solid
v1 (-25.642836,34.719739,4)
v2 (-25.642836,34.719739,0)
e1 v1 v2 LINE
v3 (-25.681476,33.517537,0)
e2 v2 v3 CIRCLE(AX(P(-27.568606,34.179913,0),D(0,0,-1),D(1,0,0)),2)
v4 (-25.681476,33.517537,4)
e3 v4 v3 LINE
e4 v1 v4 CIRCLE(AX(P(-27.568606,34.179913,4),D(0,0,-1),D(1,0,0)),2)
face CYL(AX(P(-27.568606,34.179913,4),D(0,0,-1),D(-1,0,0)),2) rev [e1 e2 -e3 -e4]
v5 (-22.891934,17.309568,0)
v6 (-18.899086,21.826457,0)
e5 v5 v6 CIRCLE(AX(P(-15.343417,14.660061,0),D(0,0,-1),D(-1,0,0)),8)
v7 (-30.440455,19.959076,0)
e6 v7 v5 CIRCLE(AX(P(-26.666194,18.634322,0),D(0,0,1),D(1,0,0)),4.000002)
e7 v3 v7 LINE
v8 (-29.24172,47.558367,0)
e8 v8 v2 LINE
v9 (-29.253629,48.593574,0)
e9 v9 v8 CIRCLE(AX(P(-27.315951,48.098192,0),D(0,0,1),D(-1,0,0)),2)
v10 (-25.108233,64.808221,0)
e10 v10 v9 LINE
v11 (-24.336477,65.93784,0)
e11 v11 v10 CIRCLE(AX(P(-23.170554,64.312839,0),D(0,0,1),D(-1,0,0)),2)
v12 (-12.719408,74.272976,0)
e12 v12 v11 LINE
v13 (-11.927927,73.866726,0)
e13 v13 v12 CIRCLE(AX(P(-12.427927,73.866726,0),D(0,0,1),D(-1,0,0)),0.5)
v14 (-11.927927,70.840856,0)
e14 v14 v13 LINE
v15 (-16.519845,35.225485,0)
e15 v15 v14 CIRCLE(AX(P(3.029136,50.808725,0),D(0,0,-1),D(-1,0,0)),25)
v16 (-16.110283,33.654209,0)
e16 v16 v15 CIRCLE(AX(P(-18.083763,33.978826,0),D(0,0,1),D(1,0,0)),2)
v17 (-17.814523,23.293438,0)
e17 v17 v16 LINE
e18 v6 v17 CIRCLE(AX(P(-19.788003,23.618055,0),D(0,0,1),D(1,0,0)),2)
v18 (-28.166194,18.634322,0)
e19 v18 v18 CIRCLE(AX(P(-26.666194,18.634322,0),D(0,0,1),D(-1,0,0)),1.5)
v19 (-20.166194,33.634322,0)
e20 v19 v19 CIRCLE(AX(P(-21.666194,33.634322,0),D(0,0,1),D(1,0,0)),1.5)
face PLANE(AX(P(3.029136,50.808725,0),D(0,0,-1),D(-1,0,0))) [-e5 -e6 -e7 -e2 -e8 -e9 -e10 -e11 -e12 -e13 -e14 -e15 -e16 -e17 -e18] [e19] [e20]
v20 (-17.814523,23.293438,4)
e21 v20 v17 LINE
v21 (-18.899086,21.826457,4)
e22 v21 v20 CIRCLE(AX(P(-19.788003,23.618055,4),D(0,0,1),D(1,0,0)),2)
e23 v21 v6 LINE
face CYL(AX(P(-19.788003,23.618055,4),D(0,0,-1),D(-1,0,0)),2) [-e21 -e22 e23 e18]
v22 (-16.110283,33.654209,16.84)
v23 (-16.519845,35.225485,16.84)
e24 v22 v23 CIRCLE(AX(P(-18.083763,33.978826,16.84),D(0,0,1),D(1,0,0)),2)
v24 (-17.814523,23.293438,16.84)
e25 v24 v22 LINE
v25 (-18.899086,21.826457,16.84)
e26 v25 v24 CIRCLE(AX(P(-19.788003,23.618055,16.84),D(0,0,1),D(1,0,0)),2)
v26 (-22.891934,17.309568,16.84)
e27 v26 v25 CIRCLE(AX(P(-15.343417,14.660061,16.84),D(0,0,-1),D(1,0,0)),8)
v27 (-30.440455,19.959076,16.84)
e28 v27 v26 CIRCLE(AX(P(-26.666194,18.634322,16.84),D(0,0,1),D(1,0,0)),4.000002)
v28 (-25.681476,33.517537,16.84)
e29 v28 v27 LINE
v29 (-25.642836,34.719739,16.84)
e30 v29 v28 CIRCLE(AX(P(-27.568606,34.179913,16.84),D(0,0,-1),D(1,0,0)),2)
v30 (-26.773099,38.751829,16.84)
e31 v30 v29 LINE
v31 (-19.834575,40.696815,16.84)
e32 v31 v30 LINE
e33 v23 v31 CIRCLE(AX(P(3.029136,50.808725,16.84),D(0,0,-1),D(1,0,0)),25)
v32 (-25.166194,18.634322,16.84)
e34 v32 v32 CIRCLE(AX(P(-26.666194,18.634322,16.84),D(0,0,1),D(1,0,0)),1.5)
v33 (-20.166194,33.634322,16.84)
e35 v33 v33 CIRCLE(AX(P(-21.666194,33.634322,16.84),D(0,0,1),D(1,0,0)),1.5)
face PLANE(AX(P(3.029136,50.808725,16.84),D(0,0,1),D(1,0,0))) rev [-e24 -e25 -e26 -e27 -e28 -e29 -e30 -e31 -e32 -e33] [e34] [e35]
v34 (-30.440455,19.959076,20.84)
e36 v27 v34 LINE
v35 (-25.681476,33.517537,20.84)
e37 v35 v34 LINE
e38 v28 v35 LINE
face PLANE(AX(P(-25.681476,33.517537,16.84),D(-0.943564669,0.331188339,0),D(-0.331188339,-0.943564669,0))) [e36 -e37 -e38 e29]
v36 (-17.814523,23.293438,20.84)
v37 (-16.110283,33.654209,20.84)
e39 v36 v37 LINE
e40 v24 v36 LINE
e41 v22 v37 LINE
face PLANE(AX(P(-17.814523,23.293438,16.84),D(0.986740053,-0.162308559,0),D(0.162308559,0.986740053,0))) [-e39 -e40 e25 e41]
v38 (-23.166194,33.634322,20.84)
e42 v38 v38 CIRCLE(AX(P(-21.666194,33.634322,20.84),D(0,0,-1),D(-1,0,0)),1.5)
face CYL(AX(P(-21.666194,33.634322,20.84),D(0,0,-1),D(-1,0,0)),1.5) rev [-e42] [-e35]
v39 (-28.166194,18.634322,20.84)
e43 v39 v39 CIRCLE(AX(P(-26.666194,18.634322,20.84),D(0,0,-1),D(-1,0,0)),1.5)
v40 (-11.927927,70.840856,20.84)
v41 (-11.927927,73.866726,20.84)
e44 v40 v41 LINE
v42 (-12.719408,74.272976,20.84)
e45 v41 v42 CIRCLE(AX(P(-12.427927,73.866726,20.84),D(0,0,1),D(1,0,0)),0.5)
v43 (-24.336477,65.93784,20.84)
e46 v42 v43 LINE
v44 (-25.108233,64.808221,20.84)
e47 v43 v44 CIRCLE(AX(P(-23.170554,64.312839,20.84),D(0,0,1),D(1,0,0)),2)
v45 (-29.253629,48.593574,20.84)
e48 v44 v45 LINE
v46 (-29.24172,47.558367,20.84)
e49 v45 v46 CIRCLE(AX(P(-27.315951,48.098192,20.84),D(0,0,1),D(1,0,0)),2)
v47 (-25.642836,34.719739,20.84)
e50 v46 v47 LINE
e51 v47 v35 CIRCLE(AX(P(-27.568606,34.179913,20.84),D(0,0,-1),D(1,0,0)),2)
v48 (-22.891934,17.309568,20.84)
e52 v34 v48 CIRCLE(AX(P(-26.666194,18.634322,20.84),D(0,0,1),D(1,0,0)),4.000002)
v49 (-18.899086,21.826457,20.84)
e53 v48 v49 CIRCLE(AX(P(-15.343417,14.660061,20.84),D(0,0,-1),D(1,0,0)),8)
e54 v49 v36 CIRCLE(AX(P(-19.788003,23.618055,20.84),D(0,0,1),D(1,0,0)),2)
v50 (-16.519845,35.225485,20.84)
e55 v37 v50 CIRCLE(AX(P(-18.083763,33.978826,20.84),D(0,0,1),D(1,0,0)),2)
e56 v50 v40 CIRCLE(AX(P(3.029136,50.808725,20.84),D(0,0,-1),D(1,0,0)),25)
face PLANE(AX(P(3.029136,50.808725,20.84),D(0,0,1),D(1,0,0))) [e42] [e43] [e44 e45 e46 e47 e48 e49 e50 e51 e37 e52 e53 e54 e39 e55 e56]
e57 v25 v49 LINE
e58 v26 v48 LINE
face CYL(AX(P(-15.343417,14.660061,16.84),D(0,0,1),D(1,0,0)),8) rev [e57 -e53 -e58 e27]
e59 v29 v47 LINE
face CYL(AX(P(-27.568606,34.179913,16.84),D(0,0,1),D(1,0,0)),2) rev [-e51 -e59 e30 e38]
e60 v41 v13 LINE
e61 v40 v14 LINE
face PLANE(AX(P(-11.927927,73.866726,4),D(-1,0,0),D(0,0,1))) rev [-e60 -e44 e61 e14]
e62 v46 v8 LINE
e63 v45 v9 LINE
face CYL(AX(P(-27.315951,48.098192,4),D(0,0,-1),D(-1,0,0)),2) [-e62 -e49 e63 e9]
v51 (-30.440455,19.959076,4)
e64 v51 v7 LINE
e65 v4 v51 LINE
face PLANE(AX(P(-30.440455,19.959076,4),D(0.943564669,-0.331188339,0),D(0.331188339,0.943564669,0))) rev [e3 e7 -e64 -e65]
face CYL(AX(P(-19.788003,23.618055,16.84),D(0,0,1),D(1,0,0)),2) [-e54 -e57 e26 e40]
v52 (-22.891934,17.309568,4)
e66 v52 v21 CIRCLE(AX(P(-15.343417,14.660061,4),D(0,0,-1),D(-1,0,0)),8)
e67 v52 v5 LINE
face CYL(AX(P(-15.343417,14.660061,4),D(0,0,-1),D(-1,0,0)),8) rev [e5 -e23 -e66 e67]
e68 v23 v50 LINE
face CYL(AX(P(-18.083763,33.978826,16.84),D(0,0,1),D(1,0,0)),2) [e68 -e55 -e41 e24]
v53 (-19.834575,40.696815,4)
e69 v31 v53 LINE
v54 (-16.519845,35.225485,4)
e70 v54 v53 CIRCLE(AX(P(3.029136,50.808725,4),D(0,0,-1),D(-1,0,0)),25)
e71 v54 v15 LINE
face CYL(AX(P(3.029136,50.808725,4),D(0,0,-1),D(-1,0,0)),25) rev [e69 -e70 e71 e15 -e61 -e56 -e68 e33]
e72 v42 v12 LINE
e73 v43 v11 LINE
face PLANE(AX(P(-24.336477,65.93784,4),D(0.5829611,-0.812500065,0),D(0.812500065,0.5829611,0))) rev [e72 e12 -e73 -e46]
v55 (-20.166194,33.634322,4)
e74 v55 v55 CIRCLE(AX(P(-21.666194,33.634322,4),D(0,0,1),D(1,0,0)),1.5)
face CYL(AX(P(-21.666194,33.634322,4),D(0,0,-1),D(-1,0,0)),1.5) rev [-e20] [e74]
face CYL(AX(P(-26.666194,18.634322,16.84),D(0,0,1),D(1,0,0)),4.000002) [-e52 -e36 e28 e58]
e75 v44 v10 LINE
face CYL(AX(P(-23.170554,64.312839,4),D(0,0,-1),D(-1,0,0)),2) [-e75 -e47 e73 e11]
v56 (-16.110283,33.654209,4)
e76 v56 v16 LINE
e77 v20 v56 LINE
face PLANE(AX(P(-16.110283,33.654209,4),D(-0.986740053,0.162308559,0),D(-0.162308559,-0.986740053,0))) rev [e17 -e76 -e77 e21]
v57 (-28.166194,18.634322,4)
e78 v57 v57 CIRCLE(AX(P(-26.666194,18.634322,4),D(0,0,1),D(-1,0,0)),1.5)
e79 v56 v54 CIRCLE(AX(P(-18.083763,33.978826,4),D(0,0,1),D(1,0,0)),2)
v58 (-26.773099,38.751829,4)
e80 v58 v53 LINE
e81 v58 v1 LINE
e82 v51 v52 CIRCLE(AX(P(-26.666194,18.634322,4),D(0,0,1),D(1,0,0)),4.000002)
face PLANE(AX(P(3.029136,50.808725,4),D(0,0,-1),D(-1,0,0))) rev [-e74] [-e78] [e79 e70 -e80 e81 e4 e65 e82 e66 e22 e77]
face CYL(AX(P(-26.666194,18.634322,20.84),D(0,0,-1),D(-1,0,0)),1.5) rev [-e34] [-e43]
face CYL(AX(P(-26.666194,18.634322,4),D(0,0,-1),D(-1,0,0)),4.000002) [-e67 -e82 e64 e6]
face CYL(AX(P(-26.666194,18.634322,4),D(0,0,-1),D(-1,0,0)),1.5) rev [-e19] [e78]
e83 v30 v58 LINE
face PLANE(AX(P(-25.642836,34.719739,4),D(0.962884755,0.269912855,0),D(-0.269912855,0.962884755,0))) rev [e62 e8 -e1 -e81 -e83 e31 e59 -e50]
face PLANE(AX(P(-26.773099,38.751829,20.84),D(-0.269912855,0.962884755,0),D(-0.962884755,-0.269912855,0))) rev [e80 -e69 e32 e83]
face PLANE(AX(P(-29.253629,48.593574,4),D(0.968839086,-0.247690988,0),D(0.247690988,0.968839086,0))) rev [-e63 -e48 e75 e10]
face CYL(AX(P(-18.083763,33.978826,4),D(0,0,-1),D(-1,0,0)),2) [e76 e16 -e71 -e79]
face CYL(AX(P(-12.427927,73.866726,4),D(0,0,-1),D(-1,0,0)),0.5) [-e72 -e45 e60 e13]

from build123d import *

# Parameters (mm, degrees)
SKETCH_1_R          = 1.5
EXTRUDE_1_DEPTH     = 4
EXTRUDE_2_DEPTH     = 20.84
EXTRUDE_START       = -4
EXTRUDE_3_DEPTH     = 4
SKETCH_8_R          = 1.5
CUT_EXTRUDE_1_DEPTH = 84.097118968


with BuildPart() as part:
    # 草图1 → 凸台-拉伸1 (new body)
    with BuildSketch(Plane.XY):
        with BuildLine():
            Line((-16.110282893, 33.654208826), (-17.814522763, 23.293438272))
            ThreePointArc((-17.814522763, 23.293438272), (-18.179793181, 22.42908037), (-18.899085656, 21.82645661))
            ThreePointArc((-18.899085656, 21.82645661), (-21.337272658, 19.958522776), (-22.891934151, 17.309568206))
            ThreePointArc((-22.891934151, 17.309568206), (-27.990948412, 14.860061819), (-30.440454799, 19.959076079))
            Line((-30.440454799, 19.959076079), (-25.681476272, 33.517536514))
            ThreePointArc((-25.681476272, 33.517536514), (-25.569637864, 34.115664062), (-25.6428361, 34.719738902))
            Line((-25.6428361, 34.719738902), (-29.24172024, 47.558366666))
            ThreePointArc((-29.24172024, 47.558366666), (-29.31581841, 48.075186607), (-29.253628902, 48.593574353))
            Line((-29.253628902, 48.593574353), (-25.108232608, 64.808221419))
            ThreePointArc((-25.108232608, 64.808221419), (-24.821945701, 65.441071196), (-24.336476636, 65.937839573))
            Line((-24.336476636, 65.937839573), (-12.719407819, 74.272976396))
            ThreePointArc((-12.719407819, 74.272976396), (-12.199607619, 74.311552327), (-11.927927269, 73.866726364))
            Line((-11.927927269, 73.866726364), (-11.927927269, 70.840856193))
            ThreePointArc((-11.927927269, 70.840856193), (-21.765630275, 54.0055336), (-16.519844581, 35.225485153))
            ThreePointArc((-16.519844581, 35.225485153), (-16.148427264, 34.483281689), (-16.110282893, 33.654208826))
        make_face()
        with Locations(Location((-26.666194475, 18.634322143, 0), (0, 0, 180))):
            Circle(SKETCH_1_R, mode=Mode.SUBTRACT)
        with Locations((-21.666194475, 33.634322143)):
            Circle(SKETCH_1_R, mode=Mode.SUBTRACT)
    extrude(amount=EXTRUDE_1_DEPTH)

    # 草图2 → 凸台-拉伸2 (add)
    with BuildSketch(Plane.XY):
        with BuildLine():
            Line((-26.773099146, 38.751829393), (-19.834575078, 40.696814845))
            ThreePointArc((-19.834575078, 40.696814845), (-21.152852216, 57.151552997), (-11.927927269, 70.840856193))
            Line((-11.927927269, 70.840856193), (-11.927927269, 73.866726364))
            ThreePointArc((-11.927927269, 73.866726364), (-12.199607619, 74.311552327), (-12.719407819, 74.272976396))
            Line((-12.719407819, 74.272976396), (-24.336476636, 65.937839573))
            ThreePointArc((-24.336476636, 65.937839573), (-24.821945701, 65.441071196), (-25.108232608, 64.808221419))
            Line((-25.108232608, 64.808221419), (-29.253628902, 48.593574353))
            ThreePointArc((-29.253628902, 48.593574353), (-29.31581841, 48.075186607), (-29.24172024, 47.558366666))
            Line((-29.24172024, 47.558366666), (-26.773099146, 38.751829393))
        make_face()
    extrude(amount=EXTRUDE_2_DEPTH)

    # 草图5 → 凸台-拉伸3 (add)
    with BuildSketch(Plane.XY.offset(20.84).offset(EXTRUDE_START)):
        with BuildLine():
            Line((-19.834575078, 40.696814845), (-26.773099146, 38.751829393))
            Line((-26.773099146, 38.751829393), (-25.6428361, 34.719738902))
            ThreePointArc((-25.6428361, 34.719738902), (-25.569637864, 34.115664062), (-25.681476272, 33.517536514))
            Line((-25.681476272, 33.517536514), (-30.440454799, 19.959076079))
            ThreePointArc((-30.440454799, 19.959076079), (-27.990948412, 14.860061819), (-22.891934151, 17.309568206))
            ThreePointArc((-22.891934151, 17.309568206), (-21.337272658, 19.958522776), (-18.899085656, 21.82645661))
            ThreePointArc((-18.899085656, 21.82645661), (-18.179793181, 22.42908037), (-17.814522763, 23.293438272))
            Line((-17.814522763, 23.293438272), (-16.110282893, 33.654208826))
            ThreePointArc((-16.110282893, 33.654208826), (-16.148427264, 34.483281689), (-16.519844581, 35.225485153))
            ThreePointArc((-16.519844581, 35.225485153), (-18.352935128, 37.854689223), (-19.834575078, 40.696814845))
        make_face()
    extrude(amount=EXTRUDE_3_DEPTH)

    # 草图8 → 切除-拉伸1 (cut, through all)
    with BuildSketch(Plane(origin=(0, 0, 0), x_dir=(-1, 0, 0), z_dir=(0, 0, -1))):
        with Locations(Location((21.666194475, 33.634322143, 0), (0, 0, 180))):
            Circle(SKETCH_8_R)
        with Locations((26.666194475, 18.634322143)):
            Circle(SKETCH_8_R)
    extrude(amount=-CUT_EXTRUDE_1_DEPTH, mode=Mode.SUBTRACT)


solid = part.part
